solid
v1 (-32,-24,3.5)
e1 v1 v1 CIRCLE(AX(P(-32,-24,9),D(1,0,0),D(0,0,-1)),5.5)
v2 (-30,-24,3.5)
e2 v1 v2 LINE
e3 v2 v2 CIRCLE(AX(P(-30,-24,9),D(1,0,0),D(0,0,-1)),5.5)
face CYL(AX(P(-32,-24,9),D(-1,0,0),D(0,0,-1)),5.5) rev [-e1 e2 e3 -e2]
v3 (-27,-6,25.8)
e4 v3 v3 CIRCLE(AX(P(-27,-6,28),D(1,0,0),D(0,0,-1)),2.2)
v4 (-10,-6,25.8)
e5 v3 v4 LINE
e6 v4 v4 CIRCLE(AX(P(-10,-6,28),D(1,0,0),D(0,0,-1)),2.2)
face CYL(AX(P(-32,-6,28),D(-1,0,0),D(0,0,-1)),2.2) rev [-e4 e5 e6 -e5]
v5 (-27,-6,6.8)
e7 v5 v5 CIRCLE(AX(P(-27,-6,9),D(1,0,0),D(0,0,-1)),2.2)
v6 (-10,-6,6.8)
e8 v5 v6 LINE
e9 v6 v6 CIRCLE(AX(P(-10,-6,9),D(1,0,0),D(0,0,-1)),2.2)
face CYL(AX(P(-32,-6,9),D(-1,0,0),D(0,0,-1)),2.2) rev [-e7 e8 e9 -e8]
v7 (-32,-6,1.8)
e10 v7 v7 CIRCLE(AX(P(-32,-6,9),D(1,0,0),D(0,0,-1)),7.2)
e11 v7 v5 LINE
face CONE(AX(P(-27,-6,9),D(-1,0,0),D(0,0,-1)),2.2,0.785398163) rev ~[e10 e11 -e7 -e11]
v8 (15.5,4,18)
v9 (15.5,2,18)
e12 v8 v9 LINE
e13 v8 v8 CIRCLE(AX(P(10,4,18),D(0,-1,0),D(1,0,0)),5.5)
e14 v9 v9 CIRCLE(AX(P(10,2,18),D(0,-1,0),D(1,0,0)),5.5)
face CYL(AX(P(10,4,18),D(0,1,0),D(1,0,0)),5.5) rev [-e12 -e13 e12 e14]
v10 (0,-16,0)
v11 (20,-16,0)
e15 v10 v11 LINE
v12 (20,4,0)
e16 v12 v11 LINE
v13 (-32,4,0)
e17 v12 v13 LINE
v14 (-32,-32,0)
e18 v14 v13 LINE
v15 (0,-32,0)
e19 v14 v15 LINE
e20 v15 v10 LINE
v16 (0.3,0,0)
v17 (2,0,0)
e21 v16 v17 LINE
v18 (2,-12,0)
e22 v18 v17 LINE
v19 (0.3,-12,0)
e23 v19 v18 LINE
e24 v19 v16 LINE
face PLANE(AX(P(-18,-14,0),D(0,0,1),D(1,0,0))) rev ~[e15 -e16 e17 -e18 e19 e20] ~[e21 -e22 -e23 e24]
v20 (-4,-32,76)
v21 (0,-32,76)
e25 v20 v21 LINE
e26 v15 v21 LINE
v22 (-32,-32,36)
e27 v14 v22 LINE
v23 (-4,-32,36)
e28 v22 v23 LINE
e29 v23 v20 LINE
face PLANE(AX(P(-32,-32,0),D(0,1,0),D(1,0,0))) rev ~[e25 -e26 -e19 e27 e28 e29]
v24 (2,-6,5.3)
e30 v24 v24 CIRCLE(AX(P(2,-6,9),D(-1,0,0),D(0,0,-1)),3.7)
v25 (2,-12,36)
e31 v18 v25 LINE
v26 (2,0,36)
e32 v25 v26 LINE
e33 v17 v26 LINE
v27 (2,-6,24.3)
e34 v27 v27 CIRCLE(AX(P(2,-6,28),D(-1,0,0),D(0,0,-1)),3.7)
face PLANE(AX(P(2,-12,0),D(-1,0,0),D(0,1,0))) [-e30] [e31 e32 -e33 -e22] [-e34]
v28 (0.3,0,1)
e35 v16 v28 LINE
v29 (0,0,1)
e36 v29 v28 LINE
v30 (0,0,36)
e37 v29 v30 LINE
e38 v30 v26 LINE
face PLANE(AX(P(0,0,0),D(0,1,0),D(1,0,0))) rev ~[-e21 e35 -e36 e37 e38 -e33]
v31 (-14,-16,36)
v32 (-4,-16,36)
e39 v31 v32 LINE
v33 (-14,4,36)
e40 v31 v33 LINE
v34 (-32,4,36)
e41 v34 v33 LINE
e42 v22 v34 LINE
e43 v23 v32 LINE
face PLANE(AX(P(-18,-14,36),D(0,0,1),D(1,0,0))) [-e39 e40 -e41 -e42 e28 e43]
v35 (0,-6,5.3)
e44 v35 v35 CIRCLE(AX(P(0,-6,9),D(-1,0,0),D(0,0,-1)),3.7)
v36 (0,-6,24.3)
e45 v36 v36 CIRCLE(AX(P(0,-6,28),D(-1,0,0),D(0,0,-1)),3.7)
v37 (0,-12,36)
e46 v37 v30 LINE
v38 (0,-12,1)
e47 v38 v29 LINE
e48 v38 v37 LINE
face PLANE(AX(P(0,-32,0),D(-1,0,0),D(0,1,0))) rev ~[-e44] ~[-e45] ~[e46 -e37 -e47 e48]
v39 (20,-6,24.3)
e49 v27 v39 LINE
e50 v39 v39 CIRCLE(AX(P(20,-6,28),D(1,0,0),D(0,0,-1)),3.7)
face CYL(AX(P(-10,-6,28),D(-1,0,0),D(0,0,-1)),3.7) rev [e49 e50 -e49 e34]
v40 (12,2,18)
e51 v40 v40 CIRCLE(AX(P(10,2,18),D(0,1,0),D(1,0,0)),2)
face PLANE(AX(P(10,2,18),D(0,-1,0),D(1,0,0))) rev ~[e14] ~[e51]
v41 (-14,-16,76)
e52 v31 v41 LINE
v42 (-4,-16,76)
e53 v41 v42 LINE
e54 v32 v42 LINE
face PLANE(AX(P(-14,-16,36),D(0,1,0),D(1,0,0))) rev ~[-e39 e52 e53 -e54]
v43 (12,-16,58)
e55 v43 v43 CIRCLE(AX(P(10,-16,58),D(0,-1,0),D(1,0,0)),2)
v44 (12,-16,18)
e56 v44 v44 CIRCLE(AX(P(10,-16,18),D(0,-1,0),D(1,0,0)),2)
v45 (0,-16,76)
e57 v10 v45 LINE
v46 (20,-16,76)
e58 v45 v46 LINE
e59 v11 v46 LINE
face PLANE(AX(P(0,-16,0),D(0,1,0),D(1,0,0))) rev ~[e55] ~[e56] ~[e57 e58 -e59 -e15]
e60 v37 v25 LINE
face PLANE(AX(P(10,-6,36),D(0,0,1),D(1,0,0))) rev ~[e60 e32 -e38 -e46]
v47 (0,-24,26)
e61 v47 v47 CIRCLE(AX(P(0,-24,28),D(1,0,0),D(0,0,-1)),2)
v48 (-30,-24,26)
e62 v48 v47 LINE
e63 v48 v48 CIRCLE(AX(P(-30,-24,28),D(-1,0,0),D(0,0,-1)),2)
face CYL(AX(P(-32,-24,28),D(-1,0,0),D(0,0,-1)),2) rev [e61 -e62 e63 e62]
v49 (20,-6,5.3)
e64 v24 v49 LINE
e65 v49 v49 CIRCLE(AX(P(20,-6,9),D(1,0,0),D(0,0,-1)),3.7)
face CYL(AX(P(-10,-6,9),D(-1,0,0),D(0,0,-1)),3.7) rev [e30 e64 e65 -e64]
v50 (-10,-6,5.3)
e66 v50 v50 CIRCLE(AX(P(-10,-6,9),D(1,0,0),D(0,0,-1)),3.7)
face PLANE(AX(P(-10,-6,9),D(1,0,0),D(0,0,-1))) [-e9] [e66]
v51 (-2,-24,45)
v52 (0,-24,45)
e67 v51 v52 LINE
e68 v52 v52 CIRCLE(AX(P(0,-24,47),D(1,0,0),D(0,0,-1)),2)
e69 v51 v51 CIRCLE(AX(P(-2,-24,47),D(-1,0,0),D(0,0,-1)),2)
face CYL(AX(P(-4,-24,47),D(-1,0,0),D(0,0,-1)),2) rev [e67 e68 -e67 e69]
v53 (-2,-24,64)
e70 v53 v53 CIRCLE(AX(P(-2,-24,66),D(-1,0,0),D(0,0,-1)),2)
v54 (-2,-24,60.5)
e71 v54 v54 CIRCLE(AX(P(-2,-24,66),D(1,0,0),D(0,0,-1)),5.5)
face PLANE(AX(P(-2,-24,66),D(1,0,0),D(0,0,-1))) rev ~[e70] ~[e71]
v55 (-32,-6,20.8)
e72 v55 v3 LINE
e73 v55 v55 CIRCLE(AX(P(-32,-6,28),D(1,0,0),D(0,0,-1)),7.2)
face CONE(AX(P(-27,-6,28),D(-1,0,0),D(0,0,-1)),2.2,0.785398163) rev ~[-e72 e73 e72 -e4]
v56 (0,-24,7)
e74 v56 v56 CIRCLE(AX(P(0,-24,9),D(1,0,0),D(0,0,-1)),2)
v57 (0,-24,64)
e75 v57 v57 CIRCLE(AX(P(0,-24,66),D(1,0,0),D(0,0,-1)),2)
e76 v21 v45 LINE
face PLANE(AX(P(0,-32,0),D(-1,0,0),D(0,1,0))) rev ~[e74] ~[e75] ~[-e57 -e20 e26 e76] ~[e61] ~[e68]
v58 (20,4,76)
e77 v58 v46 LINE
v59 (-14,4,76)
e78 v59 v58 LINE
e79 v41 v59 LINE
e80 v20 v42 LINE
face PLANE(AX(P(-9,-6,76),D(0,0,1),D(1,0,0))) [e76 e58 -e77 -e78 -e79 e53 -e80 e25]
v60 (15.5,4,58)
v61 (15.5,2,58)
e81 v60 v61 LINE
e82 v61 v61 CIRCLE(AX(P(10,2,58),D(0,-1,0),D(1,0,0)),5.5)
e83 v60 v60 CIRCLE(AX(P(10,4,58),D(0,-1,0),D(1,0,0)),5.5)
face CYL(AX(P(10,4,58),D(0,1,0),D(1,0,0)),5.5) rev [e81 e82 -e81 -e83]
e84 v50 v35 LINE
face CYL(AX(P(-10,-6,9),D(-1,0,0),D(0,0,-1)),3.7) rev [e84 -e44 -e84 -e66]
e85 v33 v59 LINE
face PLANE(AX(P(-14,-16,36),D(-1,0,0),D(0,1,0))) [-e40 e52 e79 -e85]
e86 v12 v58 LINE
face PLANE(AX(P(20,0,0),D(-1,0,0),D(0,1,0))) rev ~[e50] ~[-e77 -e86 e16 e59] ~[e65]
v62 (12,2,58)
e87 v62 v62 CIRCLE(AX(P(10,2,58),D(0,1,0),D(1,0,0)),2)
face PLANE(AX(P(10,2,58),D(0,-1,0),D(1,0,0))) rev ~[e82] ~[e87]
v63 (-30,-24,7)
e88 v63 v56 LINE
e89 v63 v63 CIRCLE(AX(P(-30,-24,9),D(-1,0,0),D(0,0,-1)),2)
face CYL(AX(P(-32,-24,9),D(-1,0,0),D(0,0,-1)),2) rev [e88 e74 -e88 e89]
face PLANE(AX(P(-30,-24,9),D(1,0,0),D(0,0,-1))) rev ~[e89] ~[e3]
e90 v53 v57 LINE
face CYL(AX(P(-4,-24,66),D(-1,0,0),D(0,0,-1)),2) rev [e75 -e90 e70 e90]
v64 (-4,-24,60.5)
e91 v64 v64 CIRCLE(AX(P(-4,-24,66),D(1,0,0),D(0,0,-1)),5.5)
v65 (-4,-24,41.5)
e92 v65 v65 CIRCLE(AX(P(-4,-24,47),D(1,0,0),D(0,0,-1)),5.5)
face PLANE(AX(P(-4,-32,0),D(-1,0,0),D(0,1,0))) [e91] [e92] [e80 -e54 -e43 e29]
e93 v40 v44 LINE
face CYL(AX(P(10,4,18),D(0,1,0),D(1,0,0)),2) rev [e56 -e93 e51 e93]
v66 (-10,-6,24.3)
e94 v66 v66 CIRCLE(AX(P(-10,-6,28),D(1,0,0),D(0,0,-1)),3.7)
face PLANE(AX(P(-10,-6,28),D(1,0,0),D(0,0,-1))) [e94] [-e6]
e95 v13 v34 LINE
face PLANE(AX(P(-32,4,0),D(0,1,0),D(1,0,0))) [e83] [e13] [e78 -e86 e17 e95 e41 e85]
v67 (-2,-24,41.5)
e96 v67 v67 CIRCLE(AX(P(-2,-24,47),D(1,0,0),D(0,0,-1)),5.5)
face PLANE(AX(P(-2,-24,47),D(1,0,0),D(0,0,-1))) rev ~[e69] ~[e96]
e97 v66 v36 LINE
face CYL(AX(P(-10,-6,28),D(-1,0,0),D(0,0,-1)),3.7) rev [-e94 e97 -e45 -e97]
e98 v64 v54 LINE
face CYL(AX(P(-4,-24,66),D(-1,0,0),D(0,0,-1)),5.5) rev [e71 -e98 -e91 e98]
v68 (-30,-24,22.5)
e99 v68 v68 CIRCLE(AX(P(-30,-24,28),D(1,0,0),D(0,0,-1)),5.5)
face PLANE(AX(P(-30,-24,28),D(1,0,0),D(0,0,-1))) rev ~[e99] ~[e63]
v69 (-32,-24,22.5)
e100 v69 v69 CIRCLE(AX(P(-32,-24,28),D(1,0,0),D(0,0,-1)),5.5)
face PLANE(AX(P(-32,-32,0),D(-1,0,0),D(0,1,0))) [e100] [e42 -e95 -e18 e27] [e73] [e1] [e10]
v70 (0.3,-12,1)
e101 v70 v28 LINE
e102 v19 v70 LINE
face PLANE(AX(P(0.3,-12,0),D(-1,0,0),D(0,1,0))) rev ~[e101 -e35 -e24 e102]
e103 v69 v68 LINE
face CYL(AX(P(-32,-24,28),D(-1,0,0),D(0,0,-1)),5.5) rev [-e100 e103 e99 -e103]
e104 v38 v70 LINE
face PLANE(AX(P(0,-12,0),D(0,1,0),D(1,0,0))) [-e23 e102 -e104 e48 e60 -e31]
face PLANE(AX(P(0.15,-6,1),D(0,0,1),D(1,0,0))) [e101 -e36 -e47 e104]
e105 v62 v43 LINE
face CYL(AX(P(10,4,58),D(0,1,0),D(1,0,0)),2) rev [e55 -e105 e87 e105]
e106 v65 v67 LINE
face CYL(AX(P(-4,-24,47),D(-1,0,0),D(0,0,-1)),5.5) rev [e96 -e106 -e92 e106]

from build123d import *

# Parameters (mm, degrees)
CYLINDER007_R     = 5.5
CYLINDER007_DEPTH = 2
CYLINDER001_R     = 2
CYLINDER001_DEPTH = 32
CYLINDER006_R     = 5.5
CYLINDER006_DEPTH = 2
CYLINDER_R        = 2
CYLINDER_DEPTH    = 32
CYLINDER011_R     = 2
CYLINDER011_DEPTH = 20
CYLINDER013_R     = 5.5
CYLINDER013_DEPTH = 2
CYLINDER008_R     = 5.5
CYLINDER008_DEPTH = 2
CYLINDER002_R     = 2
CYLINDER002_DEPTH = 4
CYLINDER012_R     = 2
CYLINDER012_DEPTH = 20
CYLINDER010_R     = 5.5
CYLINDER010_DEPTH = 2
CYLINDER009_R     = 5.5
CYLINDER009_DEPTH = 2
CYLINDER003_R     = 2
CYLINDER003_DEPTH = 4
CYLINDER004_R     = 2.2
CYLINDER004_DEPTH = 22
CYLINDER015_R     = 3.7
CYLINDER015_DEPTH = 30
CYLINDER014_R     = 3.7
CYLINDER014_DEPTH = 30
CYLINDER005_R     = 2.2
CYLINDER005_DEPTH = 22
BOX002_W          = 20
BOX002_H          = 4
BOX002_DEPTH      = 76
BOX005_W          = 20
BOX005_H          = 12
BOX005_DEPTH      = 40
BOX011_W          = 18
BOX011_H          = 12
BOX011_DEPTH      = 36
BOX009_W          = 0.3
BOX009_H          = 12
BOX009_DEPTH      = 1
BOX_W             = 20
BOX_H             = 4
BOX_DEPTH         = 76
BOX012_W          = 10
BOX012_H          = 20
BOX012_DEPTH      = 40
BOX010_W          = 28
BOX010_H          = 36
BOX010_DEPTH      = 36
BOX001_W          = 4
BOX001_H          = 36
BOX001_DEPTH      = 76
CHAMFER_SIZE      = 5


with BuildPart() as cylinder007:
    # Cylinder007 → Cylinder007 (new body)
    with BuildSketch(Plane(origin=(-24, -24, 28), x_dir=(0, 0, -1), z_dir=(1, 0, 0))):
        Circle(CYLINDER007_R)
    extrude(amount=CYLINDER007_DEPTH)


with BuildPart() as fusion:
    # Cylinder001 → Cylinder001 (new body)
    with BuildSketch(Plane(origin=(-24, -24, 28), x_dir=(0, 0, -1), z_dir=(1, 0, 0))):
        Circle(CYLINDER001_R)
    extrude(amount=CYLINDER001_DEPTH)

    # Fusion: union Cylinder007
    add(cylinder007.part)


with BuildPart() as fusion_1:
    # Fusion placement: moved
    add(fusion.part.moved(Location((-8, 0, 0))))


with BuildPart() as cylinder006:
    # Cylinder006 → Cylinder006 (new body)
    with BuildSketch(Plane(origin=(-24, -24, 9), x_dir=(0, 0, -1), z_dir=(1, 0, 0))):
        Circle(CYLINDER006_R)
    extrude(amount=CYLINDER006_DEPTH)


with BuildPart() as fusion005:
    # Cylinder → Cylinder (new body)
    with BuildSketch(Plane(origin=(-24, -24, 9), x_dir=(0, 0, -1), z_dir=(1, 0, 0))):
        Circle(CYLINDER_R)
    extrude(amount=CYLINDER_DEPTH)

    # Fusion005: union Cylinder006
    add(cylinder006.part)


with BuildPart() as fusion005_1:
    # Fusion005 placement: moved
    add(fusion005.part.moved(Location((-8, 0, 0))))


with BuildPart() as cylinder011:
    # Cylinder011 → Cylinder011 (new body)
    with BuildSketch(Plane(origin=(10, 4, 58), x_dir=(1, 0, 0), z_dir=(0, -1, 0))):
        Circle(CYLINDER011_R)
    extrude(amount=CYLINDER011_DEPTH)


with BuildPart() as fusion012:
    # Cylinder013 → Cylinder013 (new body)
    with BuildSketch(Plane(origin=(10, 4, 58), x_dir=(1, 0, 0), z_dir=(0, -1, 0))):
        Circle(CYLINDER013_R)
    extrude(amount=CYLINDER013_DEPTH)

    # Fusion012: union Cylinder011
    add(cylinder011.part)


with BuildPart() as cylinder008:
    # Cylinder008 → Cylinder008 (new body)
    with BuildSketch(Plane(origin=(-4, -24, 47), x_dir=(0, 0, -1), z_dir=(1, 0, 0))):
        Circle(CYLINDER008_R)
    extrude(amount=CYLINDER008_DEPTH)


with BuildPart() as fusion007:
    # Cylinder002 → Cylinder002 (new body)
    with BuildSketch(Plane(origin=(-4, -24, 47), x_dir=(0, 0, -1), z_dir=(1, 0, 0))):
        Circle(CYLINDER002_R)
    extrude(amount=CYLINDER002_DEPTH)

    # Fusion007: union Cylinder008
    add(cylinder008.part)


with BuildPart() as cylinder012:
    # Cylinder012 → Cylinder012 (new body)
    with BuildSketch(Plane(origin=(10, 4, 18), x_dir=(1, 0, 0), z_dir=(0, -1, 0))):
        Circle(CYLINDER012_R)
    extrude(amount=CYLINDER012_DEPTH)


with BuildPart() as fusion011:
    # Cylinder010 → Cylinder010 (new body)
    with BuildSketch(Plane(origin=(10, 4, 18), x_dir=(1, 0, 0), z_dir=(0, -1, 0))):
        Circle(CYLINDER010_R)
    extrude(amount=CYLINDER010_DEPTH)

    # Fusion011: union Cylinder012
    add(cylinder012.part)


with BuildPart() as cylinder009:
    # Cylinder009 → Cylinder009 (new body)
    with BuildSketch(Plane(origin=(-4, -24, 66), x_dir=(0, 0, -1), z_dir=(1, 0, 0))):
        Circle(CYLINDER009_R)
    extrude(amount=CYLINDER009_DEPTH)


with BuildPart() as fusion006:
    # Cylinder003 → Cylinder003 (new body)
    with BuildSketch(Plane(origin=(-4, -24, 66), x_dir=(0, 0, -1), z_dir=(1, 0, 0))):
        Circle(CYLINDER003_R)
    extrude(amount=CYLINDER003_DEPTH)

    # Fusion006: union Cylinder009
    add(cylinder009.part)


with BuildPart() as cylinder004:
    # Cylinder004 → Cylinder004 (new body)
    with BuildSketch(Plane(origin=(-32, -6, 9), x_dir=(0, 0, -1), z_dir=(1, 0, 0))):
        Circle(CYLINDER004_R)
    extrude(amount=CYLINDER004_DEPTH)


with BuildPart() as fusion013:
    # Cylinder015 → Cylinder015 (new body)
    with BuildSketch(Plane(origin=(-10, -6, 9), x_dir=(0, 0, -1), z_dir=(1, 0, 0))):
        Circle(CYLINDER015_R)
    extrude(amount=CYLINDER015_DEPTH)

    # Fusion013: union Cylinder004
    add(cylinder004.part)


with BuildPart() as cylinder014:
    # Cylinder014 → Cylinder014 (new body)
    with BuildSketch(Plane(origin=(-10, -6, 28), x_dir=(0, 0, -1), z_dir=(1, 0, 0))):
        Circle(CYLINDER014_R)
    extrude(amount=CYLINDER014_DEPTH)


with BuildPart() as fusion014:
    # Cylinder005 → Cylinder005 (new body)
    with BuildSketch(Plane(origin=(-32, -6, 28), x_dir=(0, 0, -1), z_dir=(1, 0, 0))):
        Circle(CYLINDER005_R)
    extrude(amount=CYLINDER005_DEPTH)

    # Fusion014: union Cylinder014
    add(cylinder014.part)


with BuildPart() as cube002:
    # Box002 → Box002 (new body)
    with BuildSketch(Plane(origin=(0, -16, 0), x_dir=(1, 0, 0), z_dir=(0, 0, 1))):
        with Locations((10, 2)):
            Rectangle(BOX002_W, BOX002_H)
    extrude(amount=BOX002_DEPTH)


with BuildPart() as cube005:
    # Box005 → Box005 (new body)
    with BuildSketch(Plane(origin=(0, -12, 36), x_dir=(1, 0, 0), z_dir=(0, 0, 1))):
        with Locations((10, 6)):
            Rectangle(BOX005_W, BOX005_H)
    extrude(amount=BOX005_DEPTH)


with BuildPart() as cube011:
    # Box011 → Box011 (new body)
    with BuildSketch(Plane(origin=(2, -12, 0), x_dir=(1, 0, 0), z_dir=(0, 0, 1))):
        with Locations((9, 6)):
            Rectangle(BOX011_W, BOX011_H)
    extrude(amount=BOX011_DEPTH)


with BuildPart() as cube009:
    # Box009 → Box009 (new body)
    with BuildSketch(Plane(origin=(0, -12, 0), x_dir=(1, 0, 0), z_dir=(0, 0, 1))):
        with Locations((0.15, 6)):
            Rectangle(BOX009_W, BOX009_H)
    extrude(amount=BOX009_DEPTH)


with BuildPart() as cube:
    # Box → Box (new body)
    with BuildSketch(Plane.XY):
        with Locations((10, 2)):
            Rectangle(BOX_W, BOX_H)
    extrude(amount=BOX_DEPTH)


with BuildPart() as cube012:
    # Box012 → Box012 (new body)
    with BuildSketch(Plane(origin=(-14, -16, 36), x_dir=(1, 0, 0), z_dir=(0, 0, 1))):
        with Locations((5, 10)):
            Rectangle(BOX012_W, BOX012_H)
    extrude(amount=BOX012_DEPTH)


with BuildPart() as cube010:
    # Box010 → Box010 (new body)
    with BuildSketch(Plane(origin=(-32, -32, 0), x_dir=(1, 0, 0), z_dir=(0, 0, 1))):
        with Locations((14, 18)):
            Rectangle(BOX010_W, BOX010_H)
    extrude(amount=BOX010_DEPTH)


with BuildPart() as chamfer_body:
    # Box001 → Box001 (new body)
    with BuildSketch(Plane(origin=(-4, -32, 0), x_dir=(1, 0, 0), z_dir=(0, 0, 1))):
        with Locations((2, 18)):
            Rectangle(BOX001_W, BOX001_H)
    extrude(amount=BOX001_DEPTH)

    # Fusion015: union Cube002, Cube005, Cube011, Cube009, Cube, Cube012, Cube010
    add(cube002.part)
    add(cube005.part)
    add(cube011.part)
    add(cube009.part)
    add(cube.part)
    add(cube012.part)
    add(cube010.part)

    # Cut: cut Fusion014
    add(fusion014.part, mode=Mode.SUBTRACT)

    # Cut001: cut Fusion013
    add(fusion013.part, mode=Mode.SUBTRACT)

    # Cut002: cut Fusion006
    add(fusion006.part, mode=Mode.SUBTRACT)

    # Cut003: cut Fusion011
    add(fusion011.part, mode=Mode.SUBTRACT)

    # Cut004: cut Fusion007
    add(fusion007.part, mode=Mode.SUBTRACT)

    # Cut005: cut Fusion012
    add(fusion012.part, mode=Mode.SUBTRACT)

    # Cut006: cut Fusion005
    add(fusion005_1.part, mode=Mode.SUBTRACT)

    # Cut007: cut Fusion
    add(fusion_1.part, mode=Mode.SUBTRACT)

    # Chamfer
    chamfer_edges = [chamfer_body.edges().sort_by_distance(p)[0] for p in [
        (-32, -6, 11.2),
        (-32, -6, 30.2),
    ]]
    chamfer(chamfer_edges, length=CHAMFER_SIZE)


solid = chamfer_body.part
